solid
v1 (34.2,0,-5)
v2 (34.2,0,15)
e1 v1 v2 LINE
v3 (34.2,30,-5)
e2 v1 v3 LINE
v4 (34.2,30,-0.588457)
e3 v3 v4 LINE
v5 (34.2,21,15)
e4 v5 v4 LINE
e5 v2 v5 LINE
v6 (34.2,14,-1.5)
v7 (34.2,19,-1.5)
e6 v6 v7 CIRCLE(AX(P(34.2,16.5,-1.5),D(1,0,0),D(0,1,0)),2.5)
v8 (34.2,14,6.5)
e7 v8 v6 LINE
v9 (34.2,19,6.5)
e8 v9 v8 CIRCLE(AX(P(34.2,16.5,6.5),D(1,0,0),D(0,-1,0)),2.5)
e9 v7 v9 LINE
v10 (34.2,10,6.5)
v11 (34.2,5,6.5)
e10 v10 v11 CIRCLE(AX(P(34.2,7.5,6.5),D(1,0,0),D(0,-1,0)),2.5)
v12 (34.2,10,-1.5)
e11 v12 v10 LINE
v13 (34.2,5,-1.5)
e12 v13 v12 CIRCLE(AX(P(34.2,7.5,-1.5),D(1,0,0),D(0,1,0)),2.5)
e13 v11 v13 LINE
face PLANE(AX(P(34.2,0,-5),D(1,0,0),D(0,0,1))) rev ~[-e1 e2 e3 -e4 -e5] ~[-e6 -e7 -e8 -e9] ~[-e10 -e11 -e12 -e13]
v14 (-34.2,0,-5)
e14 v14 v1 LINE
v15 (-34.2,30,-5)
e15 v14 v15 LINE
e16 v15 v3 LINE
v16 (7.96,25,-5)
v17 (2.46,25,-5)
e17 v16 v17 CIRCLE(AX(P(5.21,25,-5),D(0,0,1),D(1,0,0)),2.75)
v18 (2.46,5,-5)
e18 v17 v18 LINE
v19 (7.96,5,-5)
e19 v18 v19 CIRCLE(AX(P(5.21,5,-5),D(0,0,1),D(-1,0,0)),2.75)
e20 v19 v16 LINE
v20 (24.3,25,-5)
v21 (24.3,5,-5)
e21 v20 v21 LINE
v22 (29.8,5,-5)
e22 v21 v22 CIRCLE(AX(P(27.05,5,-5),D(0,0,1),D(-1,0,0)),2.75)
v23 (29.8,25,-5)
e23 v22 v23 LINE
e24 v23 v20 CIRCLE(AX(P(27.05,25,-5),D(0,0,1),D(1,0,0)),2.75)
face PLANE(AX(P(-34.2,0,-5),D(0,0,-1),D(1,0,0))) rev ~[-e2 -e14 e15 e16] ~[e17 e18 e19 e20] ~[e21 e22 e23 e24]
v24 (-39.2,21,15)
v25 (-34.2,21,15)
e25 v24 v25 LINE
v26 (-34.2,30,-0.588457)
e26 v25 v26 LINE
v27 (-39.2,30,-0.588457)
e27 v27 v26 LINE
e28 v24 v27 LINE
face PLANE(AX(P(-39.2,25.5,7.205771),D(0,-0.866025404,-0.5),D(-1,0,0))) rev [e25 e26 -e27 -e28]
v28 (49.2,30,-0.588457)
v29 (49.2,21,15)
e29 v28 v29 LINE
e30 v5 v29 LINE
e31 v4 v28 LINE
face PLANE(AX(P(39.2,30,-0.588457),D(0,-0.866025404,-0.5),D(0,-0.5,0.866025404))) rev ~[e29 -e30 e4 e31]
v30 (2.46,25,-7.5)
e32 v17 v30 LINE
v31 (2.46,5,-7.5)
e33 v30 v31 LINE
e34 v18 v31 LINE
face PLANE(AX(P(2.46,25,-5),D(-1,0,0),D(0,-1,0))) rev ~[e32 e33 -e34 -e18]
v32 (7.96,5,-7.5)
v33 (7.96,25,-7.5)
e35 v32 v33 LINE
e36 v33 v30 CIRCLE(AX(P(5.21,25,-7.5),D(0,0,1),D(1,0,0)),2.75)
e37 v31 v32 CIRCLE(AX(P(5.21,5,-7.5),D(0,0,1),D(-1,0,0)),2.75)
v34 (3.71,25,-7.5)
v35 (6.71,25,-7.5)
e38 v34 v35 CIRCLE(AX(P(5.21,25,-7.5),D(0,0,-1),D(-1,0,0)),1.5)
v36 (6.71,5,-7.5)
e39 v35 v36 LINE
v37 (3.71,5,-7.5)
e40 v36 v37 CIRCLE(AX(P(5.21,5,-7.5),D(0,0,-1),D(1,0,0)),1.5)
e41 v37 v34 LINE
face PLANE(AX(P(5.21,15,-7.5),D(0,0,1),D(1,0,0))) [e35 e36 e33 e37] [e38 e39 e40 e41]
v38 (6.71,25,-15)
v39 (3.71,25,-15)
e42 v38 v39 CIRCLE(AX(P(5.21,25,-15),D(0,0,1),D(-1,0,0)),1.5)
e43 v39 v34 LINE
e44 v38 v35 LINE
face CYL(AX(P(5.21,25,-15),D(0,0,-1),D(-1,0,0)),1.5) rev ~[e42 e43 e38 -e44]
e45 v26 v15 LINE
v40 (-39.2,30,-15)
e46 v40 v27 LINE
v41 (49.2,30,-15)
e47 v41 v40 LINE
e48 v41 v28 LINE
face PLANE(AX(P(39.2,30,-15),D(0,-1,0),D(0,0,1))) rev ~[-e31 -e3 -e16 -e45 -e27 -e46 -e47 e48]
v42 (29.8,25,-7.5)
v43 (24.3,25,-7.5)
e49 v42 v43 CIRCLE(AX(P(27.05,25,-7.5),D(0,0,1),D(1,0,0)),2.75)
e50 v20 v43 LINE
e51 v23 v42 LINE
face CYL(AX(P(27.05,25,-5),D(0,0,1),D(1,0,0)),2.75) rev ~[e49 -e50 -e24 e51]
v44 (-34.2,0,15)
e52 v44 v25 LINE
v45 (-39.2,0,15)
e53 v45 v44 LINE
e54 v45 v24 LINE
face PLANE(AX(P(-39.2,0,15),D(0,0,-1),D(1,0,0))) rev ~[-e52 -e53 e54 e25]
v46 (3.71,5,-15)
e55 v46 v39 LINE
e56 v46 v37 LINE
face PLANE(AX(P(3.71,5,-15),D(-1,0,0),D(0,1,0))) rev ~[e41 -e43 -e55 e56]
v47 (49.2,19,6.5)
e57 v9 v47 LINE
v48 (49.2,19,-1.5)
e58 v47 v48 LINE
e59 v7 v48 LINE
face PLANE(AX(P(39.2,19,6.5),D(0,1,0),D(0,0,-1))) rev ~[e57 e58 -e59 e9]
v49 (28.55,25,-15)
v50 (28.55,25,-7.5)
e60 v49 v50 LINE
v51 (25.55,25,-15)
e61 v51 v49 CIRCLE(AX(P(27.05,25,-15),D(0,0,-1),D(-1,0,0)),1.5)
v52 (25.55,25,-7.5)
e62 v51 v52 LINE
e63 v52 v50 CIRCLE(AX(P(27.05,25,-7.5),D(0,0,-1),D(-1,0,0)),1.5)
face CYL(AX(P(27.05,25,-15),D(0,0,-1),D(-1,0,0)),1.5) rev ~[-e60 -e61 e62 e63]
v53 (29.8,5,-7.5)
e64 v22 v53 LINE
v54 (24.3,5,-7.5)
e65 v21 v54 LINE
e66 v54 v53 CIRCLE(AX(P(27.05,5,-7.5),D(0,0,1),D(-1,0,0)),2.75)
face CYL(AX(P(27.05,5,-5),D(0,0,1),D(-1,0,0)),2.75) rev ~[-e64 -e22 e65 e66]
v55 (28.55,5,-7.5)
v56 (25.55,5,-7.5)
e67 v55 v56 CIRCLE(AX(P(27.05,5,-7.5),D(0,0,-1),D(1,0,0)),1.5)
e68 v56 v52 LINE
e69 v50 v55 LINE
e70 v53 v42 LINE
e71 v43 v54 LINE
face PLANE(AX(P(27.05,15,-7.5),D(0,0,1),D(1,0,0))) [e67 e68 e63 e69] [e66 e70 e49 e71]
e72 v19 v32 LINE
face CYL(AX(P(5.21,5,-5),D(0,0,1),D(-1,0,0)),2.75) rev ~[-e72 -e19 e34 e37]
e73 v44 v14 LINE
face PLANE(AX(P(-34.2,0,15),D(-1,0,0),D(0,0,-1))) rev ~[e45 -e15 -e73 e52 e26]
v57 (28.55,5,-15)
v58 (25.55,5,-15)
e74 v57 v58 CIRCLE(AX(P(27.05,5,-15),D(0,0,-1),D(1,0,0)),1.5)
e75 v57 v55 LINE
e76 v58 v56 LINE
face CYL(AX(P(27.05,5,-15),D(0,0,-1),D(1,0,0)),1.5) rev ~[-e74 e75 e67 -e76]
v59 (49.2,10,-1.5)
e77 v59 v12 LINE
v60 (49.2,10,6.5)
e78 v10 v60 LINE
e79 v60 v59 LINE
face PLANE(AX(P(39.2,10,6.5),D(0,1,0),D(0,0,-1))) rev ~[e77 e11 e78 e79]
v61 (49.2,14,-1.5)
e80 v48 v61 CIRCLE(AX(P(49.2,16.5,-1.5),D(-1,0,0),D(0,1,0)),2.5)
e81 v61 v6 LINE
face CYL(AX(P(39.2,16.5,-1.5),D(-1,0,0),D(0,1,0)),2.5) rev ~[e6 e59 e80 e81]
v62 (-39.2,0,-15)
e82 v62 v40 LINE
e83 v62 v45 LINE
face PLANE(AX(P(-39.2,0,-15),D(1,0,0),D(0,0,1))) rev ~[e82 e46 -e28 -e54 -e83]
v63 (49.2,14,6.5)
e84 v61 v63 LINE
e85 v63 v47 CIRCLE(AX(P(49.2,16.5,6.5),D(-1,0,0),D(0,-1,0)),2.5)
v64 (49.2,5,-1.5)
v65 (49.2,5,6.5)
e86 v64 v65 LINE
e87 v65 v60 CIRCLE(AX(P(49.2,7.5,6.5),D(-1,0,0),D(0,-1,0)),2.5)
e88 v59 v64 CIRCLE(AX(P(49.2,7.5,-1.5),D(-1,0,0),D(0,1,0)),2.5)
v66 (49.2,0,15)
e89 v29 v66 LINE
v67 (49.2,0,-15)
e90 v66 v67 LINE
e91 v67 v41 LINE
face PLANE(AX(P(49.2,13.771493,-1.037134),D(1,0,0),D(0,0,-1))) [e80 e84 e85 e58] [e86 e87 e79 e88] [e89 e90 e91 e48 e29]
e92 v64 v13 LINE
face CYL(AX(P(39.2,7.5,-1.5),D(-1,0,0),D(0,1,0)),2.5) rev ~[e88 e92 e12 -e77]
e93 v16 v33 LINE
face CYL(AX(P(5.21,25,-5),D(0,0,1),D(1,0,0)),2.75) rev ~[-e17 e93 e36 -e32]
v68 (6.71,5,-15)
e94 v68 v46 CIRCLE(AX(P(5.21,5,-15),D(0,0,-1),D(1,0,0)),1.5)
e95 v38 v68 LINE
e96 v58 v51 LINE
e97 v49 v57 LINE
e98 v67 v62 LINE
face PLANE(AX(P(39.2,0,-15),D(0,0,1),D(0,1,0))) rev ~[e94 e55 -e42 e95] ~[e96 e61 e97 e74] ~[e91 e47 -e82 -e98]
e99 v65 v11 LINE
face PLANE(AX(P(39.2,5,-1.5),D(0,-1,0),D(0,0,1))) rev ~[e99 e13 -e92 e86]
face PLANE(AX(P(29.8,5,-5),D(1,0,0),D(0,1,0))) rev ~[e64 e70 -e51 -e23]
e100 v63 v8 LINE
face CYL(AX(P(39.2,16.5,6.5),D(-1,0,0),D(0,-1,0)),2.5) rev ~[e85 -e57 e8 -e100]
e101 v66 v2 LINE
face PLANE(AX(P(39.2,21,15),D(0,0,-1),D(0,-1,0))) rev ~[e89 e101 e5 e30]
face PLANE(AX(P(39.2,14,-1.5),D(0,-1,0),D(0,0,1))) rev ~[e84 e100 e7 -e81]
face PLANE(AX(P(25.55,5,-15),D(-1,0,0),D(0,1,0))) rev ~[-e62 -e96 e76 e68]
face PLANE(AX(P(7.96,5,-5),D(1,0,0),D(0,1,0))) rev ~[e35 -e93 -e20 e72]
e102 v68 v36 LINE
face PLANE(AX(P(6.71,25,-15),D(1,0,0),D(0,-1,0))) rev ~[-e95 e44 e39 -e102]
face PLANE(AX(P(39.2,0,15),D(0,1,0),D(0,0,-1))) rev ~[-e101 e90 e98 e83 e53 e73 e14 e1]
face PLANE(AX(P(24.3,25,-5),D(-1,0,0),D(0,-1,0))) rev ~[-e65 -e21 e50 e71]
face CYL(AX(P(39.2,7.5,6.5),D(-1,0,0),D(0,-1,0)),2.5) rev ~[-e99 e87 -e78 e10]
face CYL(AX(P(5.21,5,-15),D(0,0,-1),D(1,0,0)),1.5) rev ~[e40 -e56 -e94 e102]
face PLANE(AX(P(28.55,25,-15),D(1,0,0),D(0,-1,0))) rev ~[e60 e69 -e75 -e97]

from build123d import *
from OCP.BRepFilletAPI import BRepFilletAPI_MakeChamfer

# Parameters (mm, degrees)
BOSS_EXTRUDE1_DEPTH = 30
CUT_EXTRUDE1_REACH  = 87.273
CHAMFER1_SIZE       = 9
CHAMFER1_SIZE2      = 15.588457268
BOSS_EXTRUDE8_DEPTH = 10
CUT_EXTRUDE2_REACH  = 66.966
CUT_EXTRUDE3_DEPTH  = 2.5


with BuildPart() as part:
    # Sketch1 → Boss-Extrude1 (new body)
    with BuildSketch(Plane(origin=(0, 0, 0), x_dir=(1, 0, 0), z_dir=(0, 1, 0))):
        Polygon((39.2, 15), (-39.2, 15), (-39.2, -15), (-34.2, -15), (-34.2, 5), (34.2, 5), (34.2, -15), (39.2, -15), align=None)
    extrude(amount=BOSS_EXTRUDE1_DEPTH)

    # Sketch2 → Cut-Extrude1 (cut, up to next)
    with BuildSketch(Plane(origin=(39.2, 0, 0), x_dir=(0, 0, -1), z_dir=(1, 0, 0)), mode=Mode.PRIVATE) as cut_extrude1_sk1:
        with BuildLine():
            Line((-6.5, 10), (1.5, 10))
            ThreePointArc((1.5, 10), (4, 7.5), (1.5, 5))
            Line((1.5, 5), (-6.5, 5))
            ThreePointArc((-6.5, 5), (-9, 7.5), (-6.5, 10))
        make_face()
    cut_extrude1_tool1 = extrude(cut_extrude1_sk1.sketch, amount=-CUT_EXTRUDE1_REACH, mode=Mode.PRIVATE) & part.part
    # Sketch2 → Cut-Extrude1 (cut, up to next)
    with BuildSketch(Plane(origin=(39.2, 0, 0), x_dir=(0, 0, -1), z_dir=(1, 0, 0)), mode=Mode.PRIVATE) as cut_extrude1_sk2:
        with BuildLine():
            Line((-6.5, 19), (1.5, 19))
            ThreePointArc((1.5, 19), (4, 16.5), (1.5, 14))
            Line((1.5, 14), (-6.5, 14))
            ThreePointArc((-6.5, 14), (-9, 16.5), (-6.5, 19))
        make_face()
    cut_extrude1_tool2 = extrude(cut_extrude1_sk2.sketch, amount=-CUT_EXTRUDE1_REACH, mode=Mode.PRIVATE) & part.part
    add(cut_extrude1_tool1.solids().sort_by_distance((39.2, 7.5, 2.5))[0], mode=Mode.SUBTRACT)
    add(cut_extrude1_tool2.solids().sort_by_distance((39.2, 16.5, 2.5))[0], mode=Mode.SUBTRACT)

    # Chamfer1: one chamfer whose edges measure the first distance from different faces: ONE call of the kernel's chamfer builder (chamfer() names one face for all edges)
    chamfer1_edges_1 = [part.edges().sort_by_distance(p)[0] for p in [
        (36.7, 30, 15),
    ]]
    chamfer1_side_1 = [part.faces().sort_by_distance(p)[0] for p in [
        (36.7, 15, 15),
    ]]
    chamfer1_edges_2 = [part.edges().sort_by_distance(p)[0] for p in [
        (-36.7, 30, 15),
    ]]
    chamfer1_side_2 = [part.faces().sort_by_distance(p)[0] for p in [
        (-36.7, 15, 15),
    ]]
    chamfer1 = BRepFilletAPI_MakeChamfer(part.part.solid().wrapped)
    for e in chamfer1_edges_1:
        chamfer1.Add(CHAMFER1_SIZE, CHAMFER1_SIZE2, e.wrapped, chamfer1_side_1[0].wrapped)  # the first distance lies on this face
    for e in chamfer1_edges_2:
        chamfer1.Add(CHAMFER1_SIZE, CHAMFER1_SIZE2, e.wrapped, chamfer1_side_2[0].wrapped)  # the first distance lies on this face
    add(Compound.cast(chamfer1.Shape()), mode=Mode.REPLACE)

    # Sketch8 → Boss-Extrude8 (add)
    with BuildSketch(Plane(origin=(39.2, 0, 0), x_dir=(0, 0, -1), z_dir=(1, 0, 0))):
        Polygon((15, 30), (0.588457268, 30), (-15, 21), (-15, 0), (15, 0), align=None)
        with BuildLine():
            Line((-6.5, 19), (1.5, 19))
            ThreePointArc((1.5, 19), (4, 16.5), (1.5, 14))
            Line((1.5, 14), (-6.5, 14))
            ThreePointArc((-6.5, 14), (-9, 16.5), (-6.5, 19))
        make_face(mode=Mode.SUBTRACT)
        with BuildLine():
            Line((-6.5, 10), (1.5, 10))
            ThreePointArc((1.5, 10), (4, 7.5), (1.5, 5))
            Line((1.5, 5), (-6.5, 5))
            ThreePointArc((-6.5, 5), (-9, 7.5), (-6.5, 10))
        make_face(mode=Mode.SUBTRACT)
    extrude(amount=BOSS_EXTRUDE8_DEPTH)

    # Sketch9 → Cut-Extrude2 (cut, up to next)
    with BuildSketch(Plane(origin=(0, 0, -15), x_dir=(-1, 0, 0), z_dir=(0, 0, -1)), mode=Mode.PRIVATE) as cut_extrude2_sk1:
        with BuildLine():
            ThreePointArc((-25.55, 25), (-27.05, 23.5), (-28.55, 25))
            Line((-28.55, 25), (-28.55, 5))
            ThreePointArc((-28.55, 5), (-27.05, 6.5), (-25.55, 5))
            Line((-25.55, 5), (-25.55, 25))
        make_face()
    cut_extrude2_tool1 = extrude(cut_extrude2_sk1.sketch, amount=-CUT_EXTRUDE2_REACH, mode=Mode.PRIVATE) & part.part
    # Sketch9 → Cut-Extrude2 (cut, up to next)
    with BuildSketch(Plane(origin=(0, 0, -15), x_dir=(-1, 0, 0), z_dir=(0, 0, -1)), mode=Mode.PRIVATE) as cut_extrude2_sk2:
        with BuildLine():
            ThreePointArc((-25.55, 25), (-27.05, 26.5), (-28.55, 25))
            Line((-28.55, 25), (-25.55, 25))
        make_face()
    cut_extrude2_tool2 = extrude(cut_extrude2_sk2.sketch, amount=-CUT_EXTRUDE2_REACH, mode=Mode.PRIVATE) & part.part
    # Sketch9 → Cut-Extrude2 (cut, up to next)
    with BuildSketch(Plane(origin=(0, 0, -15), x_dir=(-1, 0, 0), z_dir=(0, 0, -1)), mode=Mode.PRIVATE) as cut_extrude2_sk3:
        with BuildLine():
            Line((-25.55, 25), (-28.55, 25))
            ThreePointArc((-28.55, 25), (-27.05, 23.5), (-25.55, 25))
        make_face()
    cut_extrude2_tool3 = extrude(cut_extrude2_sk3.sketch, amount=-CUT_EXTRUDE2_REACH, mode=Mode.PRIVATE) & part.part
    # Sketch9 → Cut-Extrude2 (cut, up to next)
    with BuildSketch(Plane(origin=(0, 0, -15), x_dir=(-1, 0, 0), z_dir=(0, 0, -1)), mode=Mode.PRIVATE) as cut_extrude2_sk4:
        with BuildLine():
            ThreePointArc((-3.71, 25), (-5.21, 26.5), (-6.71, 25))
            Line((-6.71, 25), (-3.71, 25))
        make_face()
    cut_extrude2_tool4 = extrude(cut_extrude2_sk4.sketch, amount=-CUT_EXTRUDE2_REACH, mode=Mode.PRIVATE) & part.part
    # Sketch9 → Cut-Extrude2 (cut, up to next)
    with BuildSketch(Plane(origin=(0, 0, -15), x_dir=(-1, 0, 0), z_dir=(0, 0, -1)), mode=Mode.PRIVATE) as cut_extrude2_sk5:
        with BuildLine():
            Line((-3.71, 25), (-6.71, 25))
            ThreePointArc((-6.71, 25), (-5.21, 23.5), (-3.71, 25))
        make_face()
    cut_extrude2_tool5 = extrude(cut_extrude2_sk5.sketch, amount=-CUT_EXTRUDE2_REACH, mode=Mode.PRIVATE) & part.part
    # Sketch9 → Cut-Extrude2 (cut, up to next)
    with BuildSketch(Plane(origin=(0, 0, -15), x_dir=(-1, 0, 0), z_dir=(0, 0, -1)), mode=Mode.PRIVATE) as cut_extrude2_sk6:
        with BuildLine():
            ThreePointArc((-3.71, 25), (-5.21, 23.5), (-6.71, 25))
            Line((-6.71, 25), (-6.71, 5))
            ThreePointArc((-6.71, 5), (-5.21, 6.5), (-3.71, 5))
            Line((-3.71, 5), (-3.71, 25))
        make_face()
    cut_extrude2_tool6 = extrude(cut_extrude2_sk6.sketch, amount=-CUT_EXTRUDE2_REACH, mode=Mode.PRIVATE) & part.part
    # Sketch9 → Cut-Extrude2 (cut, up to next)
    with BuildSketch(Plane(origin=(0, 0, -15), x_dir=(-1, 0, 0), z_dir=(0, 0, -1)), mode=Mode.PRIVATE) as cut_extrude2_sk7:
        with BuildLine():
            ThreePointArc((-3.71, 25), (-5.21, 26.5), (-6.71, 25))
            Line((-6.71, 25), (-3.71, 25))
        make_face()
    cut_extrude2_tool7 = extrude(cut_extrude2_sk7.sketch, amount=-CUT_EXTRUDE2_REACH, mode=Mode.PRIVATE) & part.part
    # Sketch9 → Cut-Extrude2 (cut, up to next)
    with BuildSketch(Plane(origin=(0, 0, -15), x_dir=(-1, 0, 0), z_dir=(0, 0, -1)), mode=Mode.PRIVATE) as cut_extrude2_sk8:
        with BuildLine():
            Line((-3.71, 25), (-6.71, 25))
            ThreePointArc((-6.71, 25), (-5.21, 23.5), (-3.71, 25))
        make_face()
    cut_extrude2_tool8 = extrude(cut_extrude2_sk8.sketch, amount=-CUT_EXTRUDE2_REACH, mode=Mode.PRIVATE) & part.part
    # Sketch9 → Cut-Extrude2 (cut, up to next)
    with BuildSketch(Plane(origin=(0, 0, -15), x_dir=(-1, 0, 0), z_dir=(0, 0, -1)), mode=Mode.PRIVATE) as cut_extrude2_sk9:
        with BuildLine():
            ThreePointArc((-25.55, 25), (-27.05, 26.5), (-28.55, 25))
            Line((-28.55, 25), (-25.55, 25))
        make_face()
    cut_extrude2_tool9 = extrude(cut_extrude2_sk9.sketch, amount=-CUT_EXTRUDE2_REACH, mode=Mode.PRIVATE) & part.part
    # Sketch9 → Cut-Extrude2 (cut, up to next)
    with BuildSketch(Plane(origin=(0, 0, -15), x_dir=(-1, 0, 0), z_dir=(0, 0, -1)), mode=Mode.PRIVATE) as cut_extrude2_sk10:
        with BuildLine():
            Line((-25.55, 25), (-28.55, 25))
            ThreePointArc((-28.55, 25), (-27.05, 23.5), (-25.55, 25))
        make_face()
    cut_extrude2_tool10 = extrude(cut_extrude2_sk10.sketch, amount=-CUT_EXTRUDE2_REACH, mode=Mode.PRIVATE) & part.part
    # Sketch9 → Cut-Extrude2 (cut, up to next)
    with BuildSketch(Plane(origin=(0, 0, -15), x_dir=(-1, 0, 0), z_dir=(0, 0, -1)), mode=Mode.PRIVATE) as cut_extrude2_sk11:
        with BuildLine():
            ThreePointArc((-25.55, 5), (-27.05, 6.5), (-28.55, 5))
            Line((-28.55, 5), (-25.55, 5))
        make_face()
    cut_extrude2_tool11 = extrude(cut_extrude2_sk11.sketch, amount=-CUT_EXTRUDE2_REACH, mode=Mode.PRIVATE) & part.part
    # Sketch9 → Cut-Extrude2 (cut, up to next)
    with BuildSketch(Plane(origin=(0, 0, -15), x_dir=(-1, 0, 0), z_dir=(0, 0, -1)), mode=Mode.PRIVATE) as cut_extrude2_sk12:
        with BuildLine():
            Line((-25.55, 5), (-28.55, 5))
            ThreePointArc((-28.55, 5), (-27.05, 3.5), (-25.55, 5))
        make_face()
    cut_extrude2_tool12 = extrude(cut_extrude2_sk12.sketch, amount=-CUT_EXTRUDE2_REACH, mode=Mode.PRIVATE) & part.part
    # Sketch9 → Cut-Extrude2 (cut, up to next)
    with BuildSketch(Plane(origin=(0, 0, -15), x_dir=(-1, 0, 0), z_dir=(0, 0, -1)), mode=Mode.PRIVATE) as cut_extrude2_sk13:
        with BuildLine():
            ThreePointArc((-25.55, 5), (-27.05, 6.5), (-28.55, 5))
            Line((-28.55, 5), (-25.55, 5))
        make_face()
    cut_extrude2_tool13 = extrude(cut_extrude2_sk13.sketch, amount=-CUT_EXTRUDE2_REACH, mode=Mode.PRIVATE) & part.part
    # Sketch9 → Cut-Extrude2 (cut, up to next)
    with BuildSketch(Plane(origin=(0, 0, -15), x_dir=(-1, 0, 0), z_dir=(0, 0, -1)), mode=Mode.PRIVATE) as cut_extrude2_sk14:
        with BuildLine():
            Line((-25.55, 5), (-28.55, 5))
            ThreePointArc((-28.55, 5), (-27.05, 3.5), (-25.55, 5))
        make_face()
    cut_extrude2_tool14 = extrude(cut_extrude2_sk14.sketch, amount=-CUT_EXTRUDE2_REACH, mode=Mode.PRIVATE) & part.part
    # Sketch9 → Cut-Extrude2 (cut, up to next)
    with BuildSketch(Plane(origin=(0, 0, -15), x_dir=(-1, 0, 0), z_dir=(0, 0, -1)), mode=Mode.PRIVATE) as cut_extrude2_sk15:
        with BuildLine():
            ThreePointArc((-3.71, 5), (-5.21, 6.5), (-6.71, 5))
            Line((-6.71, 5), (-3.71, 5))
        make_face()
    cut_extrude2_tool15 = extrude(cut_extrude2_sk15.sketch, amount=-CUT_EXTRUDE2_REACH, mode=Mode.PRIVATE) & part.part
    # Sketch9 → Cut-Extrude2 (cut, up to next)
    with BuildSketch(Plane(origin=(0, 0, -15), x_dir=(-1, 0, 0), z_dir=(0, 0, -1)), mode=Mode.PRIVATE) as cut_extrude2_sk16:
        with BuildLine():
            Line((-3.71, 5), (-6.71, 5))
            ThreePointArc((-6.71, 5), (-5.21, 3.5), (-3.71, 5))
        make_face()
    cut_extrude2_tool16 = extrude(cut_extrude2_sk16.sketch, amount=-CUT_EXTRUDE2_REACH, mode=Mode.PRIVATE) & part.part
    # Sketch9 → Cut-Extrude2 (cut, up to next)
    with BuildSketch(Plane(origin=(0, 0, -15), x_dir=(-1, 0, 0), z_dir=(0, 0, -1)), mode=Mode.PRIVATE) as cut_extrude2_sk17:
        with BuildLine():
            ThreePointArc((-3.71, 5), (-5.21, 6.5), (-6.71, 5))
            Line((-6.71, 5), (-3.71, 5))
        make_face()
    cut_extrude2_tool17 = extrude(cut_extrude2_sk17.sketch, amount=-CUT_EXTRUDE2_REACH, mode=Mode.PRIVATE) & part.part
    # Sketch9 → Cut-Extrude2 (cut, up to next)
    with BuildSketch(Plane(origin=(0, 0, -15), x_dir=(-1, 0, 0), z_dir=(0, 0, -1)), mode=Mode.PRIVATE) as cut_extrude2_sk18:
        with BuildLine():
            Line((-3.71, 5), (-6.71, 5))
            ThreePointArc((-6.71, 5), (-5.21, 3.5), (-3.71, 5))
        make_face()
    cut_extrude2_tool18 = extrude(cut_extrude2_sk18.sketch, amount=-CUT_EXTRUDE2_REACH, mode=Mode.PRIVATE) & part.part
    add(cut_extrude2_tool1.solids().sort_by_distance((27.05, 15, -15))[0], mode=Mode.SUBTRACT)
    add(cut_extrude2_tool2.solids().sort_by_distance((27.05, 25.63662, -15))[0], mode=Mode.SUBTRACT)
    add(cut_extrude2_tool3.solids().sort_by_distance((27.05, 24.36338, -15))[0], mode=Mode.SUBTRACT)
    add(cut_extrude2_tool4.solids().sort_by_distance((5.21, 25.63662, -15))[0], mode=Mode.SUBTRACT)
    add(cut_extrude2_tool5.solids().sort_by_distance((5.21, 24.36338, -15))[0], mode=Mode.SUBTRACT)
    add(cut_extrude2_tool6.solids().sort_by_distance((5.21, 15, -15))[0], mode=Mode.SUBTRACT)
    add(cut_extrude2_tool7.solids().sort_by_distance((5.21, 25.63662, -15))[0], mode=Mode.SUBTRACT)
    add(cut_extrude2_tool8.solids().sort_by_distance((5.21, 24.36338, -15))[0], mode=Mode.SUBTRACT)
    add(cut_extrude2_tool9.solids().sort_by_distance((27.05, 25.63662, -15))[0], mode=Mode.SUBTRACT)
    add(cut_extrude2_tool10.solids().sort_by_distance((27.05, 24.36338, -15))[0], mode=Mode.SUBTRACT)
    add(cut_extrude2_tool11.solids().sort_by_distance((27.05, 5.63662, -15))[0], mode=Mode.SUBTRACT)
    add(cut_extrude2_tool12.solids().sort_by_distance((27.05, 4.36338, -15))[0], mode=Mode.SUBTRACT)
    add(cut_extrude2_tool13.solids().sort_by_distance((27.05, 5.63662, -15))[0], mode=Mode.SUBTRACT)
    add(cut_extrude2_tool14.solids().sort_by_distance((27.05, 4.36338, -15))[0], mode=Mode.SUBTRACT)
    add(cut_extrude2_tool15.solids().sort_by_distance((5.21, 5.63662, -15))[0], mode=Mode.SUBTRACT)
    add(cut_extrude2_tool16.solids().sort_by_distance((5.21, 4.36338, -15))[0], mode=Mode.SUBTRACT)
    add(cut_extrude2_tool17.solids().sort_by_distance((5.21, 5.63662, -15))[0], mode=Mode.SUBTRACT)
    add(cut_extrude2_tool18.solids().sort_by_distance((5.21, 4.36338, -15))[0], mode=Mode.SUBTRACT)

    # Sketch10 → Cut-Extrude3 (cut)
    with BuildSketch(Plane.XY.offset(-5)):
        with BuildLine():
            Line((7.96, 5), (7.96, 25))
            ThreePointArc((7.96, 25), (5.21, 27.75), (2.46, 25))
            Line((2.46, 25), (2.46, 5))
            ThreePointArc((2.46, 5), (5.21, 2.25), (7.96, 5))
        make_face()
        with BuildLine():
            ThreePointArc((3.71, 25), (5.21, 26.5), (6.71, 25))
            Line((6.71, 25), (6.71, 5))
            ThreePointArc((6.71, 5), (5.21, 3.5), (3.71, 5))
            Line((3.71, 5), (3.71, 25))
        make_face(mode=Mode.SUBTRACT)
        with BuildLine():
            Line((29.8, 5), (29.8, 25))
            ThreePointArc((29.8, 25), (27.05, 27.75), (24.3, 25))
            Line((24.3, 25), (24.3, 5))
            ThreePointArc((24.3, 5), (27.05, 2.25), (29.8, 5))
        make_face()
        with BuildLine():
            ThreePointArc((25.55, 25), (27.05, 26.5), (28.55, 25))
            Line((28.55, 25), (28.55, 5))
            ThreePointArc((28.55, 5), (27.05, 3.5), (25.55, 5))
            Line((25.55, 5), (25.55, 25))
        make_face(mode=Mode.SUBTRACT)
    extrude(amount=-CUT_EXTRUDE3_DEPTH, mode=Mode.SUBTRACT)


solid = part.part
